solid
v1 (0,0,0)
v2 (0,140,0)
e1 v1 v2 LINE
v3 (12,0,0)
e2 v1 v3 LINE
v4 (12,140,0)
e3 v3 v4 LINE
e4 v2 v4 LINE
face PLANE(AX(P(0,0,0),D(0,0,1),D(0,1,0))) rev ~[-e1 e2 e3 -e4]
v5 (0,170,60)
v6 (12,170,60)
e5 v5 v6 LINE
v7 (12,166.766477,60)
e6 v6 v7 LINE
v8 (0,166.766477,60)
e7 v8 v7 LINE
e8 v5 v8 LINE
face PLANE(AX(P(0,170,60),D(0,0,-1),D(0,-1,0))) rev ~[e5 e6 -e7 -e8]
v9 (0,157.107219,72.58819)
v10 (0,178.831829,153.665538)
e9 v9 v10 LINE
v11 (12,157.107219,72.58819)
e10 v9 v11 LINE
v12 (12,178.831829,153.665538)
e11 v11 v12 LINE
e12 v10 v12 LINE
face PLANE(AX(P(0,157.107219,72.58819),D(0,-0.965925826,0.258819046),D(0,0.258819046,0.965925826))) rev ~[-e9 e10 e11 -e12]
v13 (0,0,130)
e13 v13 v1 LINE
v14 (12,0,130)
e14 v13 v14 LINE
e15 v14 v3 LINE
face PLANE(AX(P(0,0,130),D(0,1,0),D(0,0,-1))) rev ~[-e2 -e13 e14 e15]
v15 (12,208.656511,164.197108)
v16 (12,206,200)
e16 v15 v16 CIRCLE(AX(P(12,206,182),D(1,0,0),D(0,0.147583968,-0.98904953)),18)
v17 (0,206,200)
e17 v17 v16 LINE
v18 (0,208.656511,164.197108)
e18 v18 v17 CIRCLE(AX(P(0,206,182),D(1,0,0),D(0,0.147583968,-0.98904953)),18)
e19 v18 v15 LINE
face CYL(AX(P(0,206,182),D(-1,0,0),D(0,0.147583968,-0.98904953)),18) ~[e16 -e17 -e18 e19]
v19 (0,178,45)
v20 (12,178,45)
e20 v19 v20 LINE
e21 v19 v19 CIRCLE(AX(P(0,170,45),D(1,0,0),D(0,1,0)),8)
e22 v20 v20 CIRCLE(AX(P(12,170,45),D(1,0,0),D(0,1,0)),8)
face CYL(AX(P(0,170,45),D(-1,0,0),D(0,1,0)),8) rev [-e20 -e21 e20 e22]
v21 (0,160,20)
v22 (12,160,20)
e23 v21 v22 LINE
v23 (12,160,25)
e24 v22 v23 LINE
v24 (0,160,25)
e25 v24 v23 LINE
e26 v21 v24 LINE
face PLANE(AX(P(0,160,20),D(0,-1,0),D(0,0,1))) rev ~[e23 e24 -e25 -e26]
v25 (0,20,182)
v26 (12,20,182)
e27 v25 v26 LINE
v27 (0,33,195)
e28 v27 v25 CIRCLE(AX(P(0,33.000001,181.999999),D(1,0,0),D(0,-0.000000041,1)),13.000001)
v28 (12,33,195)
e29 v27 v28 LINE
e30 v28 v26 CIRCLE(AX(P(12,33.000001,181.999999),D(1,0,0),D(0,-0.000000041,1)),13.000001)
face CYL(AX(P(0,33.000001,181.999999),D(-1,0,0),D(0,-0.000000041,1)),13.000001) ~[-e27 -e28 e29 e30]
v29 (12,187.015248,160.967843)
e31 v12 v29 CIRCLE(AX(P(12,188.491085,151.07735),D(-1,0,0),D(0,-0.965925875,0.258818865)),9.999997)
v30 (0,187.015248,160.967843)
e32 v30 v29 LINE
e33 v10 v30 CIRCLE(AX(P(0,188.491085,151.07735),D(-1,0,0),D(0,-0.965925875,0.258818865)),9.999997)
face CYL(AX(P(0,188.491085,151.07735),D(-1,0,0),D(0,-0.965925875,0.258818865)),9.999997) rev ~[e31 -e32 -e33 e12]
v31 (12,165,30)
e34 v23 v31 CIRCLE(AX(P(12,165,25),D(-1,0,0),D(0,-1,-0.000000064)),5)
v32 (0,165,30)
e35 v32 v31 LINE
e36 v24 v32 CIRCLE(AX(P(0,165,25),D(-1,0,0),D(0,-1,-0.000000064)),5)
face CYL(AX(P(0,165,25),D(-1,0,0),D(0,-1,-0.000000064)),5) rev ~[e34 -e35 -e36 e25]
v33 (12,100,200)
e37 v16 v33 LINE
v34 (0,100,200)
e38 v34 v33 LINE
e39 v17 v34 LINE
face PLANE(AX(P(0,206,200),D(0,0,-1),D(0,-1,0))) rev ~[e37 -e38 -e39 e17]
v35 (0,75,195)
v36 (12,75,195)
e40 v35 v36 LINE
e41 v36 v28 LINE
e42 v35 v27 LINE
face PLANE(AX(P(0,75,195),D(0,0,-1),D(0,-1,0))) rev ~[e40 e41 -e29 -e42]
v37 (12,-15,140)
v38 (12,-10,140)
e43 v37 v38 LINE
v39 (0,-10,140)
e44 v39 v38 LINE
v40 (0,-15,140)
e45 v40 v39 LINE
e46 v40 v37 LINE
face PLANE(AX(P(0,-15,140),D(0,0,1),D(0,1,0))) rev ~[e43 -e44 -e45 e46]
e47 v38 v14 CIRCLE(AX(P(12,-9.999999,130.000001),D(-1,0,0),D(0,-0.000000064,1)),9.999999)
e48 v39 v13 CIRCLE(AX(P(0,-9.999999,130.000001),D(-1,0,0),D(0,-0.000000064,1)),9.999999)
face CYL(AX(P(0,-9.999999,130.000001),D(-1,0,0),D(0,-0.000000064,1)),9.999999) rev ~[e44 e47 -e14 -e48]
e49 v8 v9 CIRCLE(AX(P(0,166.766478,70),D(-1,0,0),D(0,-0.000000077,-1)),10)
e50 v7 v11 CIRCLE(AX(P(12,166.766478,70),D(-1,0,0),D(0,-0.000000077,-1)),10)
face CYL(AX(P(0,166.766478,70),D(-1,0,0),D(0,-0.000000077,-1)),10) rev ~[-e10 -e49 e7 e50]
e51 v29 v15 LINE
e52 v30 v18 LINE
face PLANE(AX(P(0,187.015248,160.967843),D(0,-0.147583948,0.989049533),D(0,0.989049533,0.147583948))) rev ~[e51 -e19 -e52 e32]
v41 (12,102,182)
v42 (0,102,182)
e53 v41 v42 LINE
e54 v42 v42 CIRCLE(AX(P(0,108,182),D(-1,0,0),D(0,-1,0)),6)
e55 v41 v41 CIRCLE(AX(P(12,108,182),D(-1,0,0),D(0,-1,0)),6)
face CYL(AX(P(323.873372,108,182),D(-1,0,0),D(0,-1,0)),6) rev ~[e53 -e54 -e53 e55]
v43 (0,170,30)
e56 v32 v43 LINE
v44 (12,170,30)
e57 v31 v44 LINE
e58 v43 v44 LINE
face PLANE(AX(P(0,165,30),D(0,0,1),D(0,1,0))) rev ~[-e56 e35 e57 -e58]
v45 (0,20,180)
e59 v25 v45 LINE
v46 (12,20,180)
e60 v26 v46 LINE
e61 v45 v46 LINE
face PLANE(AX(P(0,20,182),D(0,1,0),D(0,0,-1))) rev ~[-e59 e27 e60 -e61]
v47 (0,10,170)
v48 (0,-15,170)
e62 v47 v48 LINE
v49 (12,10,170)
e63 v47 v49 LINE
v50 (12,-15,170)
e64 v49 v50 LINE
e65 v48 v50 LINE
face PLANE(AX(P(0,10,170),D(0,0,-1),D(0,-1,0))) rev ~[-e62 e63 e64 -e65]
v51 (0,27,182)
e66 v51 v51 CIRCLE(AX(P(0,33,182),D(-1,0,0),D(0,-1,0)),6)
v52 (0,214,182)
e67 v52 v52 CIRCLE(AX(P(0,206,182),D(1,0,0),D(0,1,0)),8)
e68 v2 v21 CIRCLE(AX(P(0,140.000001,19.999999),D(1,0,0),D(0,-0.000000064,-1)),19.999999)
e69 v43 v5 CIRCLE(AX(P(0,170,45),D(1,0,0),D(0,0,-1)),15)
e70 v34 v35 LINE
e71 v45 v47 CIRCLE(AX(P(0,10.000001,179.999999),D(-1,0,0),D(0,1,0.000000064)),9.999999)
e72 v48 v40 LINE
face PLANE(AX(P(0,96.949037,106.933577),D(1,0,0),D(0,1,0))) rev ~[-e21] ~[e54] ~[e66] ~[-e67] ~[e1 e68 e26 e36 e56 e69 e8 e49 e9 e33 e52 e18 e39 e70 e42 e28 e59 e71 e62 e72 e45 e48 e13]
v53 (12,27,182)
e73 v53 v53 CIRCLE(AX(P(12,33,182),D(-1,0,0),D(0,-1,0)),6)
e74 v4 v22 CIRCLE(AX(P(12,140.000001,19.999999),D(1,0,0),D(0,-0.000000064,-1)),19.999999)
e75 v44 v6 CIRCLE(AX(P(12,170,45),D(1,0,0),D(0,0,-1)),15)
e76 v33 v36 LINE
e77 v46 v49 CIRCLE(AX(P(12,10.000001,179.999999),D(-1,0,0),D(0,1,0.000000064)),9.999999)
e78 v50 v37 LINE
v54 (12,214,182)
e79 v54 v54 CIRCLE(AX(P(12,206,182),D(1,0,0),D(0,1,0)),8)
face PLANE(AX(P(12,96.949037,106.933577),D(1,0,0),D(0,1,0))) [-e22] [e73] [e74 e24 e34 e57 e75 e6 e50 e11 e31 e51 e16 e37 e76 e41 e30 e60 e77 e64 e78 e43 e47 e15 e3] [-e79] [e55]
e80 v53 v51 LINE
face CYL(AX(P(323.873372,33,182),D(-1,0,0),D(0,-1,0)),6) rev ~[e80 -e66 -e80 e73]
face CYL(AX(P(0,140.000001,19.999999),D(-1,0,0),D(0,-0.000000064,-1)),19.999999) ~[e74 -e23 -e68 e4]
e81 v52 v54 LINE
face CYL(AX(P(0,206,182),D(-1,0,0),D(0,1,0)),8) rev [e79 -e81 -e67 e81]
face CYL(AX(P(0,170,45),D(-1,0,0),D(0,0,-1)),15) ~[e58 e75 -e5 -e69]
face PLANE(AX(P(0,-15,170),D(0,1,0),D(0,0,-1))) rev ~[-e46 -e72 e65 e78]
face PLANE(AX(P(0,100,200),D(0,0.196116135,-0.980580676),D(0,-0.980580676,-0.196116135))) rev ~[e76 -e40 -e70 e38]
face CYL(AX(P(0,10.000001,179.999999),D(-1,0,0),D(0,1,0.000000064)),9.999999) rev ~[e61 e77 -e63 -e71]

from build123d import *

# Parameters (mm, degrees)
F0_R     = 8
F1_DEPTH = 12
F3_D     = 12


with BuildPart() as f1:
    # F0 (on Right) → F1 (new body)
    with BuildSketch(Plane.YZ):
        with BuildLine():
            Line((0, 130), (0, 0))
            Line((0, 0), (140, 0))
            ThreePointArc((140, 0), (154.142136, 5.857864), (160, 20))
            Line((160, 20), (160, 25))
            ThreePointArc((160, 25), (161.464466, 28.535534), (165, 30))
            Line((165, 30), (170, 30))
            ThreePointArc((170, 30), (185, 45), (170, 60))
            Line((170, 60), (166.766477, 60))
            ThreePointArc((166.766477, 60), (158.832944, 63.912386), (157.107219, 72.58819))
            Line((157.107219, 72.58819), (178.831829, 153.665538))
            ThreePointArc((178.831829, 153.665538), (181.833121, 158.538681), (187.015248, 160.967843))
            Line((187.015248, 160.967843), (208.656511, 164.197108))
            ThreePointArc((208.656511, 164.197108), (223.950655, 183.331907), (206, 200))
            Line((206, 200), (100, 200))
            Line((100, 200), (75, 195))
            Line((75, 195), (33, 195))
            ThreePointArc((33, 195), (23.807612, 191.192388), (20, 182))
            Line((20, 182), (20, 180))
            ThreePointArc((20, 180), (17.071068, 172.928932), (10, 170))
            Line((10, 170), (-15, 170))
            Line((-15, 170), (-15, 140))
            Line((-15, 140), (-10, 140))
            ThreePointArc((-10, 140), (-2.928932, 137.071068), (0, 130))
        make_face()
        with Locations((170, 45)):
            Circle(F0_R, mode=Mode.SUBTRACT)
        with Locations((206, 182)):
            Circle(F0_R, mode=Mode.SUBTRACT)
    extrude(amount=F1_DEPTH)

    # F3 (through all)
    with Locations(Plane.YZ.offset(12)):
        with Locations((33, 182), (108, 182)):
            Hole(F3_D / 2)


solid = f1.part
